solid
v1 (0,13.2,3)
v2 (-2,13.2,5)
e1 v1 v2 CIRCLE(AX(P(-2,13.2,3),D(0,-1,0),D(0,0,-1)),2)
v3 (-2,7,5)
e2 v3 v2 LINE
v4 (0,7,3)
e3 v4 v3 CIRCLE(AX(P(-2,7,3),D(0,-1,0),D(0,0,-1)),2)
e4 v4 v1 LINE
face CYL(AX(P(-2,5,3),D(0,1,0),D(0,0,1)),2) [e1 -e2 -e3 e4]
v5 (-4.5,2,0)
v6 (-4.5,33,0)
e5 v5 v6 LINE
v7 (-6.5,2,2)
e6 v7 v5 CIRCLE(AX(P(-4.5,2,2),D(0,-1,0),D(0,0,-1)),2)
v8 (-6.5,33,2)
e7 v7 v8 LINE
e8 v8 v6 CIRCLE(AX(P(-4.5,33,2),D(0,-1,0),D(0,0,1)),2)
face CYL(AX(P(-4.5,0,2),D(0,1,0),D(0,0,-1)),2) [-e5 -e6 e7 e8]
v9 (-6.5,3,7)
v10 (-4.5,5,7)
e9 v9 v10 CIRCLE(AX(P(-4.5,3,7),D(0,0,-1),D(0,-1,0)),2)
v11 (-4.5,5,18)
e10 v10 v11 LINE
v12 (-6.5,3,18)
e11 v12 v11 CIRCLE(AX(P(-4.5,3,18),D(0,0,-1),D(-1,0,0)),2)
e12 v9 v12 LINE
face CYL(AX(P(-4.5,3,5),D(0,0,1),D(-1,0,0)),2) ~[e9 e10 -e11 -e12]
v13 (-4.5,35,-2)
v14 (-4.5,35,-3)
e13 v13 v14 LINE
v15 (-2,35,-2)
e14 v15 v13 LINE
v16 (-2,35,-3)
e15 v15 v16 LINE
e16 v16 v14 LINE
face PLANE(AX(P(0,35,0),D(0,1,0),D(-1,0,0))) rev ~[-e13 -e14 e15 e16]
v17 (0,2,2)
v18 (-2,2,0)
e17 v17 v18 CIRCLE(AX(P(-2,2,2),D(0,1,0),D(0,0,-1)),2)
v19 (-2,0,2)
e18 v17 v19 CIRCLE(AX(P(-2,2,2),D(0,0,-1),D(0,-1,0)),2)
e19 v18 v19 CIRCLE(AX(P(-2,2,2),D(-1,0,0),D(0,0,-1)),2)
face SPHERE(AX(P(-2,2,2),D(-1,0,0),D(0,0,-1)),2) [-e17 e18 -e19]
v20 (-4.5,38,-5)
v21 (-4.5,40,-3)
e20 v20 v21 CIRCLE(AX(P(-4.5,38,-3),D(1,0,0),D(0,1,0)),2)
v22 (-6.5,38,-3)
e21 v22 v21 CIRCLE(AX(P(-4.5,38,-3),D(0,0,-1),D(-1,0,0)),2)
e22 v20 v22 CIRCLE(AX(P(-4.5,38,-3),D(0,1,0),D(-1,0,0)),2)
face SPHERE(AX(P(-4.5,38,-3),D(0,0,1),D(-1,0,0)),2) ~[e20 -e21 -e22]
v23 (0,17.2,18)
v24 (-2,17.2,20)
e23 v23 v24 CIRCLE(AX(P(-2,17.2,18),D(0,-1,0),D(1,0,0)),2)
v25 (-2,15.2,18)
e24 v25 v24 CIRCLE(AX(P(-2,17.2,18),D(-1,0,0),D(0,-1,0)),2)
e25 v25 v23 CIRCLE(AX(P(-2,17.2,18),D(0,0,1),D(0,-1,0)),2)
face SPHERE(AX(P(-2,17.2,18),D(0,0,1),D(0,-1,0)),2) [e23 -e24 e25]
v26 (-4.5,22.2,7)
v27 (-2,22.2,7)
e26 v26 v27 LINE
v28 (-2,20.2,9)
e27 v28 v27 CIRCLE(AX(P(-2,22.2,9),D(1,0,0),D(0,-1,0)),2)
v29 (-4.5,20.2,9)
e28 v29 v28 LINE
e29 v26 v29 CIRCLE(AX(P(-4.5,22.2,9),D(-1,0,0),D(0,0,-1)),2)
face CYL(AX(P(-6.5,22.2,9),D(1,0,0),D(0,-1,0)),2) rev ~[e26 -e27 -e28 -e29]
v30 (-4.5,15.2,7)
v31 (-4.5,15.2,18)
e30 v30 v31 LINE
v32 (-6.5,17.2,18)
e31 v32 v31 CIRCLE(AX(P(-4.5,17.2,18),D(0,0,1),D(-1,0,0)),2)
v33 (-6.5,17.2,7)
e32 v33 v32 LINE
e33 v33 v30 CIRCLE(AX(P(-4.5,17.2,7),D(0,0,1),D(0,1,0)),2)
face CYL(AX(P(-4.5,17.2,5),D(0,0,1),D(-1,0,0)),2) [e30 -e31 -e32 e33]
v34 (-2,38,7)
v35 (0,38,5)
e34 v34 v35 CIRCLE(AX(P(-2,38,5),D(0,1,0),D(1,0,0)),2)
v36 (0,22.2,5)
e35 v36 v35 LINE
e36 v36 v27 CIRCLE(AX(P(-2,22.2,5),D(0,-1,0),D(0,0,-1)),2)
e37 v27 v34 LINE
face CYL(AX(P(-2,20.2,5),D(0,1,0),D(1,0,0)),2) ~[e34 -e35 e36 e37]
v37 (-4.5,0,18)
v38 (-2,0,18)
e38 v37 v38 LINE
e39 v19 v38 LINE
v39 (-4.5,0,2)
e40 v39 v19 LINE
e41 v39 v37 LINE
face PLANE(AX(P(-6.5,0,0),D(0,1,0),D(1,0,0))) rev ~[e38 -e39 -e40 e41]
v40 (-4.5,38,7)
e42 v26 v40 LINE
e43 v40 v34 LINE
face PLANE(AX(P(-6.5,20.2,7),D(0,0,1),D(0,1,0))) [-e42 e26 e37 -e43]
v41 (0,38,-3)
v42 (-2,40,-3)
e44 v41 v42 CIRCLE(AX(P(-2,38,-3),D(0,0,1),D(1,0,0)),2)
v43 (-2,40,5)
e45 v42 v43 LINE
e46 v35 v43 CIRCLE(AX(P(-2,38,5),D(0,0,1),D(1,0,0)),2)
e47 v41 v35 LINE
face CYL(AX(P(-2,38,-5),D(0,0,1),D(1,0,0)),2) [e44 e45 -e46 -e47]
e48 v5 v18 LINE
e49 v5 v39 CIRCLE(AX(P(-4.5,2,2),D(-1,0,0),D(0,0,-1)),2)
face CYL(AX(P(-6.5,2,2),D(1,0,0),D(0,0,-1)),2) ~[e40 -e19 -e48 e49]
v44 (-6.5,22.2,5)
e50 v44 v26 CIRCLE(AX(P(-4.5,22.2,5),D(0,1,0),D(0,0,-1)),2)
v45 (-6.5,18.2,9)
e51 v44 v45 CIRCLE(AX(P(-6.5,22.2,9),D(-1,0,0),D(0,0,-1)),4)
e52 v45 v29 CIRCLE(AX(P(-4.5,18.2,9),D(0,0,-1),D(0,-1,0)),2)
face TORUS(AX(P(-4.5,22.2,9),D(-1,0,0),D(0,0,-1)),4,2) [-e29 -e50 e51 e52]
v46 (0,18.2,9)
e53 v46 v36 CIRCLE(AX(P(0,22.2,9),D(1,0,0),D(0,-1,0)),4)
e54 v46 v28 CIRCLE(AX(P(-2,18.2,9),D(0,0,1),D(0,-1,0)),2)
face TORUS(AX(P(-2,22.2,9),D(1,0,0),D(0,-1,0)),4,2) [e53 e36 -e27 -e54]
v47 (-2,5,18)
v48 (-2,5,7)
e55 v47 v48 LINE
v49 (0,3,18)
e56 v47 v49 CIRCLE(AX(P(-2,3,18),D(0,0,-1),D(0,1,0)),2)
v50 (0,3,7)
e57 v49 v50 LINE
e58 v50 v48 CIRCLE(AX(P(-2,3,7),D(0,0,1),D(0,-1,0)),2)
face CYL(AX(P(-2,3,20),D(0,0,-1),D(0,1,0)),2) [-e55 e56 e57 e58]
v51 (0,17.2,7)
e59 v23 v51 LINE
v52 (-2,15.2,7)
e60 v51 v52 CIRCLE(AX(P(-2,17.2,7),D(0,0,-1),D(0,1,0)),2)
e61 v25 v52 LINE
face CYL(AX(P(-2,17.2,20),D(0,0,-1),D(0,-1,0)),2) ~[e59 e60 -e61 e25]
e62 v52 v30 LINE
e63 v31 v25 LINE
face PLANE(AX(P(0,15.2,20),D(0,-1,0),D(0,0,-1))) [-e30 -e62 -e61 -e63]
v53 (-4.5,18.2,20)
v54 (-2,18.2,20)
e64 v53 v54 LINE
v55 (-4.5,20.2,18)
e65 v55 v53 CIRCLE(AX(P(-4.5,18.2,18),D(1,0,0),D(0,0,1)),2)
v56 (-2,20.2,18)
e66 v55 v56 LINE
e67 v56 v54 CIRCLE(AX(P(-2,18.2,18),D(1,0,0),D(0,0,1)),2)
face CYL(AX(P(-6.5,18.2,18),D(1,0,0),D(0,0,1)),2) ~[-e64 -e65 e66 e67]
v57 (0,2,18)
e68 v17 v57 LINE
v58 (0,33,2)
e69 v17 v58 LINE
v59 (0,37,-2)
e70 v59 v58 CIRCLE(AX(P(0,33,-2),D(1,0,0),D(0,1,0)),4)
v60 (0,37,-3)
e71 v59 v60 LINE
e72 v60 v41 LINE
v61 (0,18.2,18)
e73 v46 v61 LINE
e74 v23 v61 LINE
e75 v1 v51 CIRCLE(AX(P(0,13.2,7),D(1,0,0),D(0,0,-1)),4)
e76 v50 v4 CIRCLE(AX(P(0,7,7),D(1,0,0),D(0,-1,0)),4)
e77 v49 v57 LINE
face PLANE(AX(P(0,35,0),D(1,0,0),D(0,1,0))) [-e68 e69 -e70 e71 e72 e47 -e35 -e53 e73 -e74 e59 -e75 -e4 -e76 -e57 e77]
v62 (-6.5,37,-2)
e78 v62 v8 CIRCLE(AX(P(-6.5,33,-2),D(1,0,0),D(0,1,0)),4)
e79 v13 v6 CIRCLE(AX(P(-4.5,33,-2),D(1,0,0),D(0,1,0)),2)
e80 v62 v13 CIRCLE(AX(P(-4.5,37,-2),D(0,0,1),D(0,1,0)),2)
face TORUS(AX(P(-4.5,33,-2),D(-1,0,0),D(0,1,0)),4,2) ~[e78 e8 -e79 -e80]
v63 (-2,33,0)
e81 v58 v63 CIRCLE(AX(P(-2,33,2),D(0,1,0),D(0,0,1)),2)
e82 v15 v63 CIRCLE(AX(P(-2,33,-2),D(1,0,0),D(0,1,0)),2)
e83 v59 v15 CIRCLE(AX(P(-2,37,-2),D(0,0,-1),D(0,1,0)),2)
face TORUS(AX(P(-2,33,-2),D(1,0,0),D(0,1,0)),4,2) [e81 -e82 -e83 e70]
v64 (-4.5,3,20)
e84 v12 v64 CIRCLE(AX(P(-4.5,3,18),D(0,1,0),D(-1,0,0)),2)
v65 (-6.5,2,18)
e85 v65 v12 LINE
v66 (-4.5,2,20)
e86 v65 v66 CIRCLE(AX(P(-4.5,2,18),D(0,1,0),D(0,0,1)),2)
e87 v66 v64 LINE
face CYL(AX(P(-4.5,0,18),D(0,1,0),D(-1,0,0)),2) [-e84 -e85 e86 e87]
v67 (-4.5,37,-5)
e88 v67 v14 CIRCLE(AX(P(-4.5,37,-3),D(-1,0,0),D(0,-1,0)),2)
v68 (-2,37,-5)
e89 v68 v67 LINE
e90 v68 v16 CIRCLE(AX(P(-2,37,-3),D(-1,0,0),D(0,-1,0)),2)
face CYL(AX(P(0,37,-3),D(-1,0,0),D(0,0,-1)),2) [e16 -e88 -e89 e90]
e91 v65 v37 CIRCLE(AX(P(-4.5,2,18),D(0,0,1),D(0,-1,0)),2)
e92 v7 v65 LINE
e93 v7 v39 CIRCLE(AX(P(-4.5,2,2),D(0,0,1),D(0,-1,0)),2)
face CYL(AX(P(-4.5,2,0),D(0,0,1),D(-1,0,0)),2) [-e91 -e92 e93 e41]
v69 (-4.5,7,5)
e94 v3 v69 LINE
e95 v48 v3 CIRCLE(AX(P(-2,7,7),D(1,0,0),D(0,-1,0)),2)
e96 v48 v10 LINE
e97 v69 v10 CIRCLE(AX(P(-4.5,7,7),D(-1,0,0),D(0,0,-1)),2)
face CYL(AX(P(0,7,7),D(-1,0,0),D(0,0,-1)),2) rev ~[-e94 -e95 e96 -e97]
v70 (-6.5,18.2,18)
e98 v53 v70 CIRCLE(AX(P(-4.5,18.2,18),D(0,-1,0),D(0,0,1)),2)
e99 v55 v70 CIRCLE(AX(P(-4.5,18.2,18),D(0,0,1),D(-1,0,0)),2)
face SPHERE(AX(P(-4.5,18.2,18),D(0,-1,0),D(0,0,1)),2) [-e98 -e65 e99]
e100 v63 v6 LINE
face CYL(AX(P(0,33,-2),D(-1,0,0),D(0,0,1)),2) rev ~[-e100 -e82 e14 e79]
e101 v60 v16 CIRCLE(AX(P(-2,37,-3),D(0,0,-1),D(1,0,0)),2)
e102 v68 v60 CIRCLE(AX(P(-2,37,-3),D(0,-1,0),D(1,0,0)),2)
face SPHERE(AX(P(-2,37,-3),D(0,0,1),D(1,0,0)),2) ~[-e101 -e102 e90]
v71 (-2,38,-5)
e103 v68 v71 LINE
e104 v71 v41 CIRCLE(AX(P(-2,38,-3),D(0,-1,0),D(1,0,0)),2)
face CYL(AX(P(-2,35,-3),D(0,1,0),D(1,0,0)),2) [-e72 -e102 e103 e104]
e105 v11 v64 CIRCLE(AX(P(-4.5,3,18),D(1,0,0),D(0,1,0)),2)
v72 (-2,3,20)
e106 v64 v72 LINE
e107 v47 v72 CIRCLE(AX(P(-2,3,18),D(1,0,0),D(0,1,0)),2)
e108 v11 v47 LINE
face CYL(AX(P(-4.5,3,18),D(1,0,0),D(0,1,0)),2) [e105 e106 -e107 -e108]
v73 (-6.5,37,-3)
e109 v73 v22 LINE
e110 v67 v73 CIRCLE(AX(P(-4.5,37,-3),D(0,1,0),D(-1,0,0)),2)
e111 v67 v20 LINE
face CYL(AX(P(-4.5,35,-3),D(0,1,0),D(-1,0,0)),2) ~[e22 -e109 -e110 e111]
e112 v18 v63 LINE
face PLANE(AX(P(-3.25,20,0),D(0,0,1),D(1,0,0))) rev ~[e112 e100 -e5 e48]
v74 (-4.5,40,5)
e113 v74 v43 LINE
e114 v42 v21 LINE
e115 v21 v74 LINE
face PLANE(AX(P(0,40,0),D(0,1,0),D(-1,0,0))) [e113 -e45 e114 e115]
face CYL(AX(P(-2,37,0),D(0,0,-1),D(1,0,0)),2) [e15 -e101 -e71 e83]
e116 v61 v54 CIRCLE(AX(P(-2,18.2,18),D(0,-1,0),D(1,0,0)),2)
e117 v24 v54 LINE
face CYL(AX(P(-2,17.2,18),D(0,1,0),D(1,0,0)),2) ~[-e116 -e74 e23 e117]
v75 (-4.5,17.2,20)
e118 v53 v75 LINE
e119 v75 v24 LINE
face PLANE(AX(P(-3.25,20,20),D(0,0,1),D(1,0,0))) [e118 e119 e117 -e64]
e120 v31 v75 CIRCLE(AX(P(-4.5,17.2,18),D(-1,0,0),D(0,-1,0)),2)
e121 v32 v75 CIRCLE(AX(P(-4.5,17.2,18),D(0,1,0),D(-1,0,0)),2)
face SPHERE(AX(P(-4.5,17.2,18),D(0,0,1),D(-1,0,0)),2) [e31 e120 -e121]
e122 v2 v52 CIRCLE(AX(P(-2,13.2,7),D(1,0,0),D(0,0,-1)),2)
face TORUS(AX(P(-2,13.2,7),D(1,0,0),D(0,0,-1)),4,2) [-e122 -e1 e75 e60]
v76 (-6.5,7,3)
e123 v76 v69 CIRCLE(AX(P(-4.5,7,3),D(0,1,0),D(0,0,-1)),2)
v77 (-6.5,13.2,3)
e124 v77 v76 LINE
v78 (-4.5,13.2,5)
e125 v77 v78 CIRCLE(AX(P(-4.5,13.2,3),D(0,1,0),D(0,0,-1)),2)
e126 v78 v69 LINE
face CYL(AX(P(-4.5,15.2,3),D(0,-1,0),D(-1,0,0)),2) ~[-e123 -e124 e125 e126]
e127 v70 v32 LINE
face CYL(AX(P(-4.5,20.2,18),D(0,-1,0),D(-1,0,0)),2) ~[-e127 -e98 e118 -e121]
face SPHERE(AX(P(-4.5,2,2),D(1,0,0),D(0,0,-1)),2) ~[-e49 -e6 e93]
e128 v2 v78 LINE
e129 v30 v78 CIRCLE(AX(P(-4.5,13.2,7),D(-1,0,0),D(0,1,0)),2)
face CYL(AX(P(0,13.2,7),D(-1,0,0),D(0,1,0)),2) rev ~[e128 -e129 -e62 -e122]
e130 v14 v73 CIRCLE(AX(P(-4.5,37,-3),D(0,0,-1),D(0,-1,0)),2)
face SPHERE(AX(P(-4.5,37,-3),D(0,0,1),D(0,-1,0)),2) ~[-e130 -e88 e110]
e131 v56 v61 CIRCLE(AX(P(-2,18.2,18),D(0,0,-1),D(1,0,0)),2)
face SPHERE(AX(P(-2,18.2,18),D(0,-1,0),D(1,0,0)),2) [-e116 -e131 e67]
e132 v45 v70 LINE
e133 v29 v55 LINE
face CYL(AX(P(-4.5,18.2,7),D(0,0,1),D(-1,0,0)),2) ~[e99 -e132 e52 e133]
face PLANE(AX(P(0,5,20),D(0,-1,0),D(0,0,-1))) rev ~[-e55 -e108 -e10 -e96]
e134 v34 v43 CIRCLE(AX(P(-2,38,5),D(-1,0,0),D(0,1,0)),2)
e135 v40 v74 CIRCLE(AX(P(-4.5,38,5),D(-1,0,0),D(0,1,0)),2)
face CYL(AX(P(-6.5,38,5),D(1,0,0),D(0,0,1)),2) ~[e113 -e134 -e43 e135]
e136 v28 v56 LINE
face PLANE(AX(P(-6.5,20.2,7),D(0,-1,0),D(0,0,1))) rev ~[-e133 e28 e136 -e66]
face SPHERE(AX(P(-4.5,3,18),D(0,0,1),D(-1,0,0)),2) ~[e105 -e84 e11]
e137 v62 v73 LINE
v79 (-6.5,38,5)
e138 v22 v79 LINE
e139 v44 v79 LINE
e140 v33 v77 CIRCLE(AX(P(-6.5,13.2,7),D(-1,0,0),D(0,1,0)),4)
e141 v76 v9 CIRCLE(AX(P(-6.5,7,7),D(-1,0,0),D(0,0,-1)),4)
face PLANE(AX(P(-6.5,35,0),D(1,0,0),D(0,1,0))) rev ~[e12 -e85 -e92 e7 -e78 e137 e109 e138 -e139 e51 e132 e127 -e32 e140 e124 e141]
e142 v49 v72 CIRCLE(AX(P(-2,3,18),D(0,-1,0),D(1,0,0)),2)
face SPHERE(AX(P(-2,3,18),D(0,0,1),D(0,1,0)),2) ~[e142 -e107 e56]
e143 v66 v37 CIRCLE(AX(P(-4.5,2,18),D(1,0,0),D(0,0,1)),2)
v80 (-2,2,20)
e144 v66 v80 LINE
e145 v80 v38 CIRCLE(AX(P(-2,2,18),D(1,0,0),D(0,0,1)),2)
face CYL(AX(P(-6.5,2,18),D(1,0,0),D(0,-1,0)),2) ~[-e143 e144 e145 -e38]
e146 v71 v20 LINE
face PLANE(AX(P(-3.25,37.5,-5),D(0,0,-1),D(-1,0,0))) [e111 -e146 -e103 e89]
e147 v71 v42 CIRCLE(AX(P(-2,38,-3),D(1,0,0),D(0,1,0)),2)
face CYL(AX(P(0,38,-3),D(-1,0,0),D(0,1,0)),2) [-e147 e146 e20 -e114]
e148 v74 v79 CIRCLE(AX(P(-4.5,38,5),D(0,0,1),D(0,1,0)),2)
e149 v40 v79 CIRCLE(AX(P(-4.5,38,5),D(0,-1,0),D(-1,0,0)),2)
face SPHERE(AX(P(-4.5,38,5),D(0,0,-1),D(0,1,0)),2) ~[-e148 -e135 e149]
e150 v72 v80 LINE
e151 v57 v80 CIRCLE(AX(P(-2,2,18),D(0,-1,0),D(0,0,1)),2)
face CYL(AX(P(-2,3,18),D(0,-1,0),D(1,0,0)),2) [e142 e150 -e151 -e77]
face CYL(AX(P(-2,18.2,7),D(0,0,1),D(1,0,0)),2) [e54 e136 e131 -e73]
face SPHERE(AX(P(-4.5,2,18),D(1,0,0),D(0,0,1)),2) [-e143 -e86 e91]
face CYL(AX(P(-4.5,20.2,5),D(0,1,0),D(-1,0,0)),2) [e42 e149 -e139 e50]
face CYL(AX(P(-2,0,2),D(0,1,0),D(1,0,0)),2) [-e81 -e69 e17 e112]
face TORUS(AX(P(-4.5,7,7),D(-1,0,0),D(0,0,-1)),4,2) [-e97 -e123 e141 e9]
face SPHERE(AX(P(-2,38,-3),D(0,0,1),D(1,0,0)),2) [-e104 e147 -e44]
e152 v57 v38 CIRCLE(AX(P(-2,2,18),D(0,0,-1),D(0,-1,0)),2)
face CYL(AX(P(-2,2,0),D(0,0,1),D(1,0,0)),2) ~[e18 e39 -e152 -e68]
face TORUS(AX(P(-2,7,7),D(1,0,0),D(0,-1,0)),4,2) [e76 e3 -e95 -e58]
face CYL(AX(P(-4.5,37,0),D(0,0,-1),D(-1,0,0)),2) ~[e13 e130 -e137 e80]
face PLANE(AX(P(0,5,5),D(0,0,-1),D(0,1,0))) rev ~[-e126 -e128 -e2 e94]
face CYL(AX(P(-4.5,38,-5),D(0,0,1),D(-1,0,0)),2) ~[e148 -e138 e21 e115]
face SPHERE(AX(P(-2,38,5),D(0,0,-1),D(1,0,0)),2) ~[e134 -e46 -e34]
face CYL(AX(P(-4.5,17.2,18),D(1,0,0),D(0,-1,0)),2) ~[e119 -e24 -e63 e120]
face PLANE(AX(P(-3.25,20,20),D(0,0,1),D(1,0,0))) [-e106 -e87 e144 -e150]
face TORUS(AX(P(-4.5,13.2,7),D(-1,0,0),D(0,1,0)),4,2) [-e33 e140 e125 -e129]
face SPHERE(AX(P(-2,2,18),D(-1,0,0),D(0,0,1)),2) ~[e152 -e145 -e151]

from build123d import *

# Parameters (mm, degrees)
SKETCH1_W           = 6.5
SKETCH1_H           = 40
BOSS_EXTRUDE1_DEPTH = 20
SKETCH2_W           = 15
SKETCH2_H           = 10.2
CUT_EXTRUDE1_DEPTH  = 46.191260217
FILLET1_R           = 2
SKETCH4_W           = 13
SKETCH4_H           = 19.8
CUT_EXTRUDE3_DEPTH  = 46.191260217
SKETCH6_W           = 6.5
SKETCH6_H           = 5
BOSS_EXTRUDE2_DEPTH = 5
FILLET2_R           = 2


with BuildPart() as part:
    # Sketch1 → Boss-Extrude1 (new body)
    with BuildSketch(Plane.XY):
        with Locations((-3.25, 20)):
            Rectangle(SKETCH1_W, SKETCH1_H)
    extrude(amount=BOSS_EXTRUDE1_DEPTH)

    # Sketch2 → Cut-Extrude1 (cut, through all)
    with BuildSketch(Plane(origin=(0, 0, 0), x_dir=(0, 0, -1), z_dir=(1, 0, 0))):
        with Locations((-12.5, 10.1)):
            Rectangle(SKETCH2_W, SKETCH2_H)
    extrude(amount=-CUT_EXTRUDE1_DEPTH, mode=Mode.SUBTRACT)

    # Fillet1
    fillet1_edges = [part.edges().sort_by_distance(p)[0] for p in [
        (-6.5, 15.2, 12.5),
        (-6.5, 10.1, 5),
        (-3.25, 15.2, 5),
        (-6.5, 5, 12.5),
        (-3.25, 5, 5),
        (0, 5, 12.5),
        (0, 10.1, 5),
        (0, 15.2, 12.5),
    ]]
    fillet(fillet1_edges, radius=FILLET1_R)

    # Sketch4 → Cut-Extrude3 (cut, through all)
    with BuildSketch(Plane.ZY.offset(6.5)):
        with Locations((13.5, 30.1)):
            Rectangle(SKETCH4_W, SKETCH4_H)
    extrude(amount=-CUT_EXTRUDE3_DEPTH, mode=Mode.SUBTRACT)

    # Sketch6 → Boss-Extrude2 (add)
    with BuildSketch(Plane(origin=(0, 0, 0), x_dir=(-1, 0, 0), z_dir=(0, 0, -1))):
        with Locations((3.25, 37.5)):
            Rectangle(SKETCH6_W, SKETCH6_H)
    extrude(amount=BOSS_EXTRUDE2_DEPTH)

    # Fillet2
    fillet2_edges = [part.edges().sort_by_distance(p)[0] for p in [
        (-3.25, 0, 20),
        (-6.5, 1.5, 20),
        (-3.25, 5, 20),
        (-0.585786438, 4.414213562, 20),
        (-5.914213562, 4.414213562, 20),
        (0, 18.7, 20),
        (-3.25, 15.2, 20),
        (-0.585786438, 15.785786438, 20),
        (-5.914213562, 15.785786438, 20),
        (0, 1.5, 20),
        (-3.25, 0, 0),
        (0, 17.5, 0),
        (-6.5, 18.7, 20),
        (-6.5, 40, 1),
        (0, 40, 1),
        (0, 20.2, 13.5),
        (-3.25, 20.2, 20),
        (0, 30.1, 7),
        (-3.25, 20.2, 7),
        (-3.25, 40, 7),
        (-6.5, 30.1, 7),
        (-6.5, 20.2, 13.5),
        (-6.5, 17.5, 0),
        (0, 0, 10),
        (-3.25, 35, 0),
        (-6.5, 0, 10),
        (0, 35, -2.5),
        (-6.5, 35, -2.5),
        (0, 37.5, -5),
        (-3.25, 35, -5),
        (-6.5, 37.5, -5),
        (-3.25, 40, -5),
    ]]
    fillet(fillet2_edges, radius=FILLET2_R)


solid = part.part
